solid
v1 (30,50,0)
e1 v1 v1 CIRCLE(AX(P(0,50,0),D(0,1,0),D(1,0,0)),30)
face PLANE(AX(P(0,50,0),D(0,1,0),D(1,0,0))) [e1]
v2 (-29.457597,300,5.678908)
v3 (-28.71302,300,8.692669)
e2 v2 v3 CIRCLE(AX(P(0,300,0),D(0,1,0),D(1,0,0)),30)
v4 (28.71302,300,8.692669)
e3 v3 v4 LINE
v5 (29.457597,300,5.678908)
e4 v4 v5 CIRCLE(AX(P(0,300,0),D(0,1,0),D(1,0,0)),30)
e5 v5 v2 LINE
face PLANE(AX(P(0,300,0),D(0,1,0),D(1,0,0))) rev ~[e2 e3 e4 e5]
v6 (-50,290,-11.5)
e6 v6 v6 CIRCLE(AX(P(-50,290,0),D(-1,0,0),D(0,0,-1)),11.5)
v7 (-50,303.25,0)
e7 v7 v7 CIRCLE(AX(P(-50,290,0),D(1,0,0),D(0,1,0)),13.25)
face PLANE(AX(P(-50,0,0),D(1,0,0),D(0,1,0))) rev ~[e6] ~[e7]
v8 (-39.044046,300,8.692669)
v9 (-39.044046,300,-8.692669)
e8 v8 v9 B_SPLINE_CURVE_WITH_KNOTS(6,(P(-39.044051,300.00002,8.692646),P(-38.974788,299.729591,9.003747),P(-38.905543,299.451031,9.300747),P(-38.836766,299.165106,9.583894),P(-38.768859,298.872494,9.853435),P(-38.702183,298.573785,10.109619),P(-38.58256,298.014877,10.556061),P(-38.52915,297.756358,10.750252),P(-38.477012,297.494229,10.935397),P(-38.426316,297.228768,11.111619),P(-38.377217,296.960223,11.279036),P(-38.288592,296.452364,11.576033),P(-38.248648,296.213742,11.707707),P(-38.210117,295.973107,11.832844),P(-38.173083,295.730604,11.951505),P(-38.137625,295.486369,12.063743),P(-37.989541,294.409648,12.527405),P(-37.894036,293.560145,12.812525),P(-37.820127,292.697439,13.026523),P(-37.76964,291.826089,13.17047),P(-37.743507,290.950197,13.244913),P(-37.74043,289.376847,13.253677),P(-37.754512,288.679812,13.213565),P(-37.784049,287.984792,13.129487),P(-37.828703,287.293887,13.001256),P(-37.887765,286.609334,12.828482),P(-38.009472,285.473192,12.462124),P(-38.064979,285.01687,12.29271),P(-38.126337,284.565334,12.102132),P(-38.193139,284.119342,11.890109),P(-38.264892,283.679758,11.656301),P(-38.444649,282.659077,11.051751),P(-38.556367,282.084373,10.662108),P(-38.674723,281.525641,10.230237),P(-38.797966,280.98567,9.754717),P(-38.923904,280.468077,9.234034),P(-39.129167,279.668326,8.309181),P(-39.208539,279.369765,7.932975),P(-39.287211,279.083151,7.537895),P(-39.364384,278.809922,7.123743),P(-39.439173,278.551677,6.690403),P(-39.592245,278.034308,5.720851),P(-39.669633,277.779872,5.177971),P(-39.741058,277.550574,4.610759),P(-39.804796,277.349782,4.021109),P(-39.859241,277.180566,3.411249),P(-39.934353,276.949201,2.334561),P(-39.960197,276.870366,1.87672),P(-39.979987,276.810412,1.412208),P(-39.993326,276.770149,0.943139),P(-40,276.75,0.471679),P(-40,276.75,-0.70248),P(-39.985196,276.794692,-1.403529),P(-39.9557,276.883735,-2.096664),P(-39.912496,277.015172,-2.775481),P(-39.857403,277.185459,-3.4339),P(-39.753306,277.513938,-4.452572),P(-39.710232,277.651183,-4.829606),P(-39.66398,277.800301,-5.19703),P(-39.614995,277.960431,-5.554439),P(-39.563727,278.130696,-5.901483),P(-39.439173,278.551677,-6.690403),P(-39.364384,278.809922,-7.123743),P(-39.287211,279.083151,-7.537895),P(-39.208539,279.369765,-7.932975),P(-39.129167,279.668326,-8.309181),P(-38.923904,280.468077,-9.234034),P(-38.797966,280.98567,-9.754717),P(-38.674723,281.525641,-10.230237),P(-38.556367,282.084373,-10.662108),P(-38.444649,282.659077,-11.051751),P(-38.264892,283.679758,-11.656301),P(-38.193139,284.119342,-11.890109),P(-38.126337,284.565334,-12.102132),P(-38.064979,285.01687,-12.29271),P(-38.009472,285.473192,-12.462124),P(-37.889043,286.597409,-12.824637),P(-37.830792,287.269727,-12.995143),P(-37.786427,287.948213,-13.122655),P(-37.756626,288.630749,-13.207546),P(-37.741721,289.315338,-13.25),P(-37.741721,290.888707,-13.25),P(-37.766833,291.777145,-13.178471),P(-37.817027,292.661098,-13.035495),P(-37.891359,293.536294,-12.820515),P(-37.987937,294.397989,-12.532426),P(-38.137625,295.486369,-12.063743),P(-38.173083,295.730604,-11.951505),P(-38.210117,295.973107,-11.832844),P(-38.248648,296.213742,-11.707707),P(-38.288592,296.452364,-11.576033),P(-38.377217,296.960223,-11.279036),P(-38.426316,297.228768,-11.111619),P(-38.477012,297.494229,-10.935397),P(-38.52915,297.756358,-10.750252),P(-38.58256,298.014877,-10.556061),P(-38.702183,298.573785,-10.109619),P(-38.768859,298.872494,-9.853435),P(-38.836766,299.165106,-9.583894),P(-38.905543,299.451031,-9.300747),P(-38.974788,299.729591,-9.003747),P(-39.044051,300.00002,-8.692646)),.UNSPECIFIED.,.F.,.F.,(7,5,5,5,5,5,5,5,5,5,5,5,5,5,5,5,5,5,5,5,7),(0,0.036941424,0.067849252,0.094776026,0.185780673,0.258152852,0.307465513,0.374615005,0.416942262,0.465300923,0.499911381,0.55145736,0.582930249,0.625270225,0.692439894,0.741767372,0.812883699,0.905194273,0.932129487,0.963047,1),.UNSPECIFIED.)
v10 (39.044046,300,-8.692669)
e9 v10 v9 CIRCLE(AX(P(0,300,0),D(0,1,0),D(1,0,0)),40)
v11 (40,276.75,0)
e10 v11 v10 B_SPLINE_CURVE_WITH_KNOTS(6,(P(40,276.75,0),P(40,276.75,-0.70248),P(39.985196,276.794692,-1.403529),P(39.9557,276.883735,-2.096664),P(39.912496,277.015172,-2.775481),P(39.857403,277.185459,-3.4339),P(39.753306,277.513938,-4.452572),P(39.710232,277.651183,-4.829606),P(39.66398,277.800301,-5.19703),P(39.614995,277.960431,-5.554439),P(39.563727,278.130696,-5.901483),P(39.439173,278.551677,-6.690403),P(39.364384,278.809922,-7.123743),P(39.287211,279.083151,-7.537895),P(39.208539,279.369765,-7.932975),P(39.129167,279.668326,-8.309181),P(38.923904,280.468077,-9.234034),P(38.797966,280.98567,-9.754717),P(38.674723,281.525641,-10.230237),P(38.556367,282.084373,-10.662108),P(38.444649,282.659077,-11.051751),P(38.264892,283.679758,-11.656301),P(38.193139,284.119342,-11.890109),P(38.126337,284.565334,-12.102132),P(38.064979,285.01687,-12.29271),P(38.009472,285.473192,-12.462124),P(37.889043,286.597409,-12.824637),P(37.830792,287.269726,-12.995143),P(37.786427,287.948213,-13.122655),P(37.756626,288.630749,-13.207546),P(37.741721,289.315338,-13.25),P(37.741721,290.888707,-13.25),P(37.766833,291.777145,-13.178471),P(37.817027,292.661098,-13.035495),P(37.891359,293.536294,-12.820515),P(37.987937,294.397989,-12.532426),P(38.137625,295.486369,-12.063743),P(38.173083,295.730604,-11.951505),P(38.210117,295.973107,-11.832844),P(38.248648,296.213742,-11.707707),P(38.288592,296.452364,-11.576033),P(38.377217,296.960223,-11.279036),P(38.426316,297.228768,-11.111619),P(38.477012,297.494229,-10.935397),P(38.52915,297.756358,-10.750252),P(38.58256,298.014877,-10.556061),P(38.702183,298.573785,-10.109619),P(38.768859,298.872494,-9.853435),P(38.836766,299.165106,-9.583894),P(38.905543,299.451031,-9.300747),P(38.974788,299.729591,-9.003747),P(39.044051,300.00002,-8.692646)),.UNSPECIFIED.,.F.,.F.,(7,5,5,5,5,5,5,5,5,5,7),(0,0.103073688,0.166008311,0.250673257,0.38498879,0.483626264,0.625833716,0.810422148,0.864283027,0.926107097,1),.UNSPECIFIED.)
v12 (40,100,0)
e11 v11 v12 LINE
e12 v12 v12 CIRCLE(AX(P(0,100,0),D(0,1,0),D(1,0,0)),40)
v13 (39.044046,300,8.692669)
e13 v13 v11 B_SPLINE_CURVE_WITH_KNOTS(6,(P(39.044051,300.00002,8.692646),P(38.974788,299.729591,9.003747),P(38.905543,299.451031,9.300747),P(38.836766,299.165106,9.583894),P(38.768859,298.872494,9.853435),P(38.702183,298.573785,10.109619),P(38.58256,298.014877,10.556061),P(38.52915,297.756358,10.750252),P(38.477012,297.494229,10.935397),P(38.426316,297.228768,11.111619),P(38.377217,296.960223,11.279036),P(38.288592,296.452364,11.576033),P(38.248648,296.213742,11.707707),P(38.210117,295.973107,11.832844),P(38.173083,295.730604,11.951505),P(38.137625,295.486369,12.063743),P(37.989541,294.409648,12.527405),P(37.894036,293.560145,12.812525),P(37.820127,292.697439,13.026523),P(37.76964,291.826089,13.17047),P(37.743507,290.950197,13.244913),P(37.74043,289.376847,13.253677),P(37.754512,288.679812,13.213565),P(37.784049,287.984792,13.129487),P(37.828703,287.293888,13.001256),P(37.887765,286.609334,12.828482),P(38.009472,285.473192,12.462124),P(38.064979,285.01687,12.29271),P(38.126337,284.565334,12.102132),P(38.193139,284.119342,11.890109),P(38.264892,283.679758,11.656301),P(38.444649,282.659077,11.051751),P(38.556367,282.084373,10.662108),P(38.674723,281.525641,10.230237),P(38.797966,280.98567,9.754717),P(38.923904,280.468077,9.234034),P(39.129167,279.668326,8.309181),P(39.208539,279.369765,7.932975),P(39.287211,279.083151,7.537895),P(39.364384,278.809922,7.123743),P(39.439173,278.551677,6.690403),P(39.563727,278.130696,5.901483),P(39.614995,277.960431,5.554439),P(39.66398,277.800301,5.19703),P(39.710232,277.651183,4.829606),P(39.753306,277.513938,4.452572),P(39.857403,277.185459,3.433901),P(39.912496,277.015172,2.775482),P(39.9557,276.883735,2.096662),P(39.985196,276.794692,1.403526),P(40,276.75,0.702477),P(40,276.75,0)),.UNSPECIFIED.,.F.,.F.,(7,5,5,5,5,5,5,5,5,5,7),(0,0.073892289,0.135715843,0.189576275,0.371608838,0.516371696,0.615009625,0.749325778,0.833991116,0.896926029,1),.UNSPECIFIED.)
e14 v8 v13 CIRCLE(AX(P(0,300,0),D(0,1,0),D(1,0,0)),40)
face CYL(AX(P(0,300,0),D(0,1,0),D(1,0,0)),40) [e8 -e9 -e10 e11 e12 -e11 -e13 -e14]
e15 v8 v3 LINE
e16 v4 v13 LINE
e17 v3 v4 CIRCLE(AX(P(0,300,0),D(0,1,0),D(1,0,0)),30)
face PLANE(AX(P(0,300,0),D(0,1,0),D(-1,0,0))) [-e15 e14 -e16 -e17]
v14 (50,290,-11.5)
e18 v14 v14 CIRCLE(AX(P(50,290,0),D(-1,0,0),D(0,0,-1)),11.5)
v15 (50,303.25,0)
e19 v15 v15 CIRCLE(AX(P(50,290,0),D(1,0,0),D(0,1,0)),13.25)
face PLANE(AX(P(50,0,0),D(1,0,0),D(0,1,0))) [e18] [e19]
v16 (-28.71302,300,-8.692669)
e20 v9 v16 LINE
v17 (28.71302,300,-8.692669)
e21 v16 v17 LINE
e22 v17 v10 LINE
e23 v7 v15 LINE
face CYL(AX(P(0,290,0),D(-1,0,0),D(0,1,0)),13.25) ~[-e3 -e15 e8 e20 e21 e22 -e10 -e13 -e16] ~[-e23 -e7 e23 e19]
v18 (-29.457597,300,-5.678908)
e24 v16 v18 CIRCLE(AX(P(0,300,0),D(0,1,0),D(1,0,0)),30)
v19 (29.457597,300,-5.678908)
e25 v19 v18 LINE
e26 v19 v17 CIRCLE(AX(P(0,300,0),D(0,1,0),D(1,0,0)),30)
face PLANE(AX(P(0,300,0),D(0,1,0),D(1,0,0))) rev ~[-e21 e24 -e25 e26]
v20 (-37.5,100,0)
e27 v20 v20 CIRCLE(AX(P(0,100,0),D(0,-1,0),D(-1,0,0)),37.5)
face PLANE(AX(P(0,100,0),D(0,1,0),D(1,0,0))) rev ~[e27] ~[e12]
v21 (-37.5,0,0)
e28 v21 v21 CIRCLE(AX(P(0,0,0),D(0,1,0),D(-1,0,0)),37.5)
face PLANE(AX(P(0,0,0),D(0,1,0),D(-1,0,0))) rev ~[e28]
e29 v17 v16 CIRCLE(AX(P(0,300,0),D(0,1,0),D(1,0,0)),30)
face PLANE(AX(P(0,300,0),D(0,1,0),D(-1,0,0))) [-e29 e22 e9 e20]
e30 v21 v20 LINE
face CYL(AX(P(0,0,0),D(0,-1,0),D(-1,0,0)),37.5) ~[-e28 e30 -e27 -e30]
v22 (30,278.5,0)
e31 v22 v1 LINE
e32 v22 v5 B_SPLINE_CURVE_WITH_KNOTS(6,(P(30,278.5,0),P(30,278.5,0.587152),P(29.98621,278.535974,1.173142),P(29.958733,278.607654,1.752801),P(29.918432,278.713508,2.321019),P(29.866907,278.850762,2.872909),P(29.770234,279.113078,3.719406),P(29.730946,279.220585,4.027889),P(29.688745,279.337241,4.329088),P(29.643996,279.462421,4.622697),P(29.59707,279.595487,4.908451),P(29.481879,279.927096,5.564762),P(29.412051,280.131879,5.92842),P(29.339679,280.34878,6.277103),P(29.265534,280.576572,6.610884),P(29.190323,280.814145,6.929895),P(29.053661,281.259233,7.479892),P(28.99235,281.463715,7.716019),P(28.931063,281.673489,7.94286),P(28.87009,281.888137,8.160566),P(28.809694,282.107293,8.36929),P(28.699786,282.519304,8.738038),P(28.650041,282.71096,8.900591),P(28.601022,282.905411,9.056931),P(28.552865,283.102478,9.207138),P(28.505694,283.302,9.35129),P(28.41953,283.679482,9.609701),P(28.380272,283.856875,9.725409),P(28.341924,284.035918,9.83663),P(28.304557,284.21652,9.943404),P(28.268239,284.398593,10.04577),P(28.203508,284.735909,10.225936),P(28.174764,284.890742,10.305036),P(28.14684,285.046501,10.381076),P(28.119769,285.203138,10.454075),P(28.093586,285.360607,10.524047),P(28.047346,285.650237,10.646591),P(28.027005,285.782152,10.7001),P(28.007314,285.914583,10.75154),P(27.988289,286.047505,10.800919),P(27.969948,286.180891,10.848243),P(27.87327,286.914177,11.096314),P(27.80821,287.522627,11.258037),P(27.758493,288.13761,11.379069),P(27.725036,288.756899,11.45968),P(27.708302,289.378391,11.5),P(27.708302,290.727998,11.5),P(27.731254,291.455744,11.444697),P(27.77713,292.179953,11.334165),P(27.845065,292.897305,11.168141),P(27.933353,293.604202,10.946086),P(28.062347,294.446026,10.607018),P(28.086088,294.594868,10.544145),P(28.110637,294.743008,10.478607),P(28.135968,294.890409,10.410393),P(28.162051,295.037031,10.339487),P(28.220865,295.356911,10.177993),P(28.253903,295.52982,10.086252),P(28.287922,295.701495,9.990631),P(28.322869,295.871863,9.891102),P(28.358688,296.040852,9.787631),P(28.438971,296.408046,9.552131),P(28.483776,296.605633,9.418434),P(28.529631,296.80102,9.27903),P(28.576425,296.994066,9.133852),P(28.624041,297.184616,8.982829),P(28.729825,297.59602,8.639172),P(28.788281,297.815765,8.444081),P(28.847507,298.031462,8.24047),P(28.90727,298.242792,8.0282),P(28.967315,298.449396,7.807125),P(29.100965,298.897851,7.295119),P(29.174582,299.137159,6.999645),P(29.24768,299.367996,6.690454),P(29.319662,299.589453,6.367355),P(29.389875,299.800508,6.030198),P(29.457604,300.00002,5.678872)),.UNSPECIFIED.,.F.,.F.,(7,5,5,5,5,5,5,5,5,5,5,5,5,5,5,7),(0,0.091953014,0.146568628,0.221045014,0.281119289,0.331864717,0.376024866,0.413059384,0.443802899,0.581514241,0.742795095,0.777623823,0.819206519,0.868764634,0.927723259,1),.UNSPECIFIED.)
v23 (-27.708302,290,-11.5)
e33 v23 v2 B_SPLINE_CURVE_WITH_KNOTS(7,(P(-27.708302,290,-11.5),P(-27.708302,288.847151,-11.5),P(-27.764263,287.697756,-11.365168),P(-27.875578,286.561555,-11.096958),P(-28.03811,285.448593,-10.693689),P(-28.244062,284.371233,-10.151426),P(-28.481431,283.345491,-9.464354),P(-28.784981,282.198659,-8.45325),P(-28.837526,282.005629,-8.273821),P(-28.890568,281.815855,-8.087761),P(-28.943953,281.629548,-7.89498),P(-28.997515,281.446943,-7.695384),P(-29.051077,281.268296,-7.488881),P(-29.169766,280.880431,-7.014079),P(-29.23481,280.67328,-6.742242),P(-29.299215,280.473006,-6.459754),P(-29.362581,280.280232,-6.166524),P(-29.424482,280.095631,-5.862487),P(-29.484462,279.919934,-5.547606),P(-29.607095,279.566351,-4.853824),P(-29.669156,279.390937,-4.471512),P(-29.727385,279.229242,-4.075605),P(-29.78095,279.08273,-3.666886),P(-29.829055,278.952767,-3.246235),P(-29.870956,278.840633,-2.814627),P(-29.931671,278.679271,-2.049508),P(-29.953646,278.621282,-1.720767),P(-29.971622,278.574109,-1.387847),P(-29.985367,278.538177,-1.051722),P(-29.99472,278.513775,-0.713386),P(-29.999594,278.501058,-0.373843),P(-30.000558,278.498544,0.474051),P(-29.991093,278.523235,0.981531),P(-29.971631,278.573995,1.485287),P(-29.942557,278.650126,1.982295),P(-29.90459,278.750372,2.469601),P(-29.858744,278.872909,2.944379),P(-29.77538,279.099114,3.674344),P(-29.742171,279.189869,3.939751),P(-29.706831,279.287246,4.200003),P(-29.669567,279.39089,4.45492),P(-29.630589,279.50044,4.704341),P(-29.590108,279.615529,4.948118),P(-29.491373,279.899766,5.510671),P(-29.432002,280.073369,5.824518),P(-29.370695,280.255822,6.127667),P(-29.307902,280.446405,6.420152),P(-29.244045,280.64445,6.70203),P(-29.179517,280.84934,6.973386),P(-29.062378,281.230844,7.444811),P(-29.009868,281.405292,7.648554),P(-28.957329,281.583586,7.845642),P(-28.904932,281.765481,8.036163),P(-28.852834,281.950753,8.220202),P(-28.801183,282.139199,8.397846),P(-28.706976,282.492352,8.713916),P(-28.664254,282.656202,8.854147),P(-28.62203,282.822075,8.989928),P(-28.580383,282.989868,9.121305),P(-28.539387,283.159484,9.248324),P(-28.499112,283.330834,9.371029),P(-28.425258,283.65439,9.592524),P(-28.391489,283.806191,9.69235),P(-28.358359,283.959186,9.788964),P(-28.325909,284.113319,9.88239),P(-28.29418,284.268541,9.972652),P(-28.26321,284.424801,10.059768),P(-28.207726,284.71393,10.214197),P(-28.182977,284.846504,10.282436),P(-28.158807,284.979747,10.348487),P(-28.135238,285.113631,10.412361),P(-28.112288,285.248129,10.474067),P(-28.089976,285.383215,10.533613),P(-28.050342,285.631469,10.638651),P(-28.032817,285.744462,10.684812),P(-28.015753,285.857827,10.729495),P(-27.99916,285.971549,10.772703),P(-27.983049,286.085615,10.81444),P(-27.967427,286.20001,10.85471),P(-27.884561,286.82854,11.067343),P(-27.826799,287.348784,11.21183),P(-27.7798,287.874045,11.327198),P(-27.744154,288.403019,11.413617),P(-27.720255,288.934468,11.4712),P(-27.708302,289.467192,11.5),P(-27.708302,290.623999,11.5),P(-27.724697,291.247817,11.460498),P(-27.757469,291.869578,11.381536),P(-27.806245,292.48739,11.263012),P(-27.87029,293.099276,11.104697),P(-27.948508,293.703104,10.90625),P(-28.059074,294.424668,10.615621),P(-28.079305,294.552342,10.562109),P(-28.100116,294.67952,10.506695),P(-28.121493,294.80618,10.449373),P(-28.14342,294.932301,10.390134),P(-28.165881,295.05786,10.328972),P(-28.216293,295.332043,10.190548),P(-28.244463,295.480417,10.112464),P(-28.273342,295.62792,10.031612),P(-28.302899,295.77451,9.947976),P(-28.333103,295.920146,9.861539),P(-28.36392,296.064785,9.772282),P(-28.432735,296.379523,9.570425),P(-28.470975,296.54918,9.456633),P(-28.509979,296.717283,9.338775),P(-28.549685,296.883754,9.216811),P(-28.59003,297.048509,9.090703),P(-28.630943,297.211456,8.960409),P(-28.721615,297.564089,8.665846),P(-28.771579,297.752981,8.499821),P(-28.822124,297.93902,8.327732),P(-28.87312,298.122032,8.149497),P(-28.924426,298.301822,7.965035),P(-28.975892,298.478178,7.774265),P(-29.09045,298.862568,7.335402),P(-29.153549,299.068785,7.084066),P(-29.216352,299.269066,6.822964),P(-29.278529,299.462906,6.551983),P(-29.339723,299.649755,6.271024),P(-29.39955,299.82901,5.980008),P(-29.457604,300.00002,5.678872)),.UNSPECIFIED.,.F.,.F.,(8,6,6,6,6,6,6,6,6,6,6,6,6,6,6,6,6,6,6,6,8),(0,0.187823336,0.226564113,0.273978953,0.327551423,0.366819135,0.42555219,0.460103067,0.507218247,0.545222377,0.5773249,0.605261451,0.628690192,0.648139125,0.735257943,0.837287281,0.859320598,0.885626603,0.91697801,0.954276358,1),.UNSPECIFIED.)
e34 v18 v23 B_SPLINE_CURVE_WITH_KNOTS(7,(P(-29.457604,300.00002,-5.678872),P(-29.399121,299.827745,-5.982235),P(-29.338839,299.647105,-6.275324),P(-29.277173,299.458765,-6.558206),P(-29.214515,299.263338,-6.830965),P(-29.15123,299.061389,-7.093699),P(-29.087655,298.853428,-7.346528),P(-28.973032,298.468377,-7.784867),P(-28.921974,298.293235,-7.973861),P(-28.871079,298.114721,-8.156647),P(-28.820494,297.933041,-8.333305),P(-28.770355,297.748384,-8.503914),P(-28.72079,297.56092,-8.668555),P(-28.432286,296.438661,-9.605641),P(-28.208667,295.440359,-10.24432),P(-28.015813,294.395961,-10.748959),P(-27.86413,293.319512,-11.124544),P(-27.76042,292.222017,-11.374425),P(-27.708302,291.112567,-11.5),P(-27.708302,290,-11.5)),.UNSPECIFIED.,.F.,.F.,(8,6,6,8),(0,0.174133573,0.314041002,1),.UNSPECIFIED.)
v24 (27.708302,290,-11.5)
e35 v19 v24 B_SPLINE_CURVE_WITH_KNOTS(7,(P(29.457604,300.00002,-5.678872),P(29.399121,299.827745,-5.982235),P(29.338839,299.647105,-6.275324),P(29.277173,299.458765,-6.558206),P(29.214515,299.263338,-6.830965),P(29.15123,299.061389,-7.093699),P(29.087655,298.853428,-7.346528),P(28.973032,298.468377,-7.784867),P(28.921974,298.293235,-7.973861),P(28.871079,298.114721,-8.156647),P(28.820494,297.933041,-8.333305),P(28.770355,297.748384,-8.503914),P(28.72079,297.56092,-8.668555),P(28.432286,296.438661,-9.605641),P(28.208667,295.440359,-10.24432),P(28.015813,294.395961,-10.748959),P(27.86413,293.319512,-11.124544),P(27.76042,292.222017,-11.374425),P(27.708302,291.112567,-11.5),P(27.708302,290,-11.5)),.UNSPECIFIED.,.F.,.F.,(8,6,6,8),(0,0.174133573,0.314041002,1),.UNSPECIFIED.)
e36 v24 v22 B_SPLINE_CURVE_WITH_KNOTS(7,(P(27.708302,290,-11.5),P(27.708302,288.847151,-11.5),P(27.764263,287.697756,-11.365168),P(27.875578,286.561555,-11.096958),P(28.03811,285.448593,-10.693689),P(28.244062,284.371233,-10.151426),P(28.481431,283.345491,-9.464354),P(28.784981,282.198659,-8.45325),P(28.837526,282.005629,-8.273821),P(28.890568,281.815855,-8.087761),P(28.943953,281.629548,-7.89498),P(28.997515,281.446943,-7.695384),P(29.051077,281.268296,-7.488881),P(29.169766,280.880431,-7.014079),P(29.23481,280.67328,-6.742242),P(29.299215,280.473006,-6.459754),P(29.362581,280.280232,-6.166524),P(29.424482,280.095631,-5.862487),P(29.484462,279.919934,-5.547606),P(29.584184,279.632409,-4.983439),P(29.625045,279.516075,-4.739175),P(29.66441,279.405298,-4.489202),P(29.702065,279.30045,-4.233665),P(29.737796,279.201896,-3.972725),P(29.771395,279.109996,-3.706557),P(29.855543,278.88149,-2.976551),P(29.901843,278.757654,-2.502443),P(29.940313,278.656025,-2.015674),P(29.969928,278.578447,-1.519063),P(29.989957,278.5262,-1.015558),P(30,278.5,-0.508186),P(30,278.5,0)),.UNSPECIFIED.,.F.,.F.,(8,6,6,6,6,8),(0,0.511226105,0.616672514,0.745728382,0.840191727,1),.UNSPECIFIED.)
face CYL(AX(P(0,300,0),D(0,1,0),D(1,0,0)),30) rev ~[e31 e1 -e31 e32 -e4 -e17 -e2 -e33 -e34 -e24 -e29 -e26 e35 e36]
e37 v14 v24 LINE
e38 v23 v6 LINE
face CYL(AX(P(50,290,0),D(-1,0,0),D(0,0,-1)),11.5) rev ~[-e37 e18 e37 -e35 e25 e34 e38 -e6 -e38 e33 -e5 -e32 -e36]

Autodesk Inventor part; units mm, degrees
ref_plane "YZ Plane" through (0, 0, 0) normal (1, 0, 0) x (0, 1, 0)
ref_plane "XZ Plane" through (0, 0, 0) normal (0, 1, 0) x (-1, 0, 0)
ref_plane "XY Plane" through (0, 0, 0) normal (0, 0, 1) x (1, 0, 0)
sketch "Sketch1" plane through (0, 0, 0) normal (0, 1, 0) x (-1, 0, 0)
  circle A0 centre (0, 0) radius 37.5
  dimension "d0" = 75
extrude "Extrusion1" add sketch "Sketch1" along normal blind 300
sketch "Sketch2" plane through (0, 0, 0) normal (1, 0, 0) x (0, 1, 0)
  circle A0 centre (290, 0) radius 13.25
  line L0 (0, -37.5) -> (0, 37.5) projected
  point P0 (0, 0)
  dimension "d3" = 290
  dimension "d4" = 26.5
extrude "Extrusion2" add sketch "Sketch2" along normal mid plane 100
sketch "Sketch4" plane through (0, 300, 0) normal (0, 1, 0) x (1, 0, 0)
  circle A0 centre (0, 0) radius 40
  dimension "d9" = 80
extrude "Extrusion4" add sketch "Sketch4" against normal blind 200
sketch "Sketch5" plane through (0, 300, 0) normal (0, 1, 0) x (1, 0, 0)
  circle A0 centre (0, 0) radius 30
  dimension "d12" = 60
extrude "Extrusion5" cut sketch "Sketch5" against normal blind 250
sketch "Sketch6" plane through (50, 290, 0) normal (1, 0, 0) x (0, 0, -1)
  circle A0 centre (0, 0) radius 13.25 projected
  point P0 (0, -290)
hole "Hole1" at (50, 290, 0) direction (-1, 0, 0) diameter 23 end through all
properties part number "Water pump"
